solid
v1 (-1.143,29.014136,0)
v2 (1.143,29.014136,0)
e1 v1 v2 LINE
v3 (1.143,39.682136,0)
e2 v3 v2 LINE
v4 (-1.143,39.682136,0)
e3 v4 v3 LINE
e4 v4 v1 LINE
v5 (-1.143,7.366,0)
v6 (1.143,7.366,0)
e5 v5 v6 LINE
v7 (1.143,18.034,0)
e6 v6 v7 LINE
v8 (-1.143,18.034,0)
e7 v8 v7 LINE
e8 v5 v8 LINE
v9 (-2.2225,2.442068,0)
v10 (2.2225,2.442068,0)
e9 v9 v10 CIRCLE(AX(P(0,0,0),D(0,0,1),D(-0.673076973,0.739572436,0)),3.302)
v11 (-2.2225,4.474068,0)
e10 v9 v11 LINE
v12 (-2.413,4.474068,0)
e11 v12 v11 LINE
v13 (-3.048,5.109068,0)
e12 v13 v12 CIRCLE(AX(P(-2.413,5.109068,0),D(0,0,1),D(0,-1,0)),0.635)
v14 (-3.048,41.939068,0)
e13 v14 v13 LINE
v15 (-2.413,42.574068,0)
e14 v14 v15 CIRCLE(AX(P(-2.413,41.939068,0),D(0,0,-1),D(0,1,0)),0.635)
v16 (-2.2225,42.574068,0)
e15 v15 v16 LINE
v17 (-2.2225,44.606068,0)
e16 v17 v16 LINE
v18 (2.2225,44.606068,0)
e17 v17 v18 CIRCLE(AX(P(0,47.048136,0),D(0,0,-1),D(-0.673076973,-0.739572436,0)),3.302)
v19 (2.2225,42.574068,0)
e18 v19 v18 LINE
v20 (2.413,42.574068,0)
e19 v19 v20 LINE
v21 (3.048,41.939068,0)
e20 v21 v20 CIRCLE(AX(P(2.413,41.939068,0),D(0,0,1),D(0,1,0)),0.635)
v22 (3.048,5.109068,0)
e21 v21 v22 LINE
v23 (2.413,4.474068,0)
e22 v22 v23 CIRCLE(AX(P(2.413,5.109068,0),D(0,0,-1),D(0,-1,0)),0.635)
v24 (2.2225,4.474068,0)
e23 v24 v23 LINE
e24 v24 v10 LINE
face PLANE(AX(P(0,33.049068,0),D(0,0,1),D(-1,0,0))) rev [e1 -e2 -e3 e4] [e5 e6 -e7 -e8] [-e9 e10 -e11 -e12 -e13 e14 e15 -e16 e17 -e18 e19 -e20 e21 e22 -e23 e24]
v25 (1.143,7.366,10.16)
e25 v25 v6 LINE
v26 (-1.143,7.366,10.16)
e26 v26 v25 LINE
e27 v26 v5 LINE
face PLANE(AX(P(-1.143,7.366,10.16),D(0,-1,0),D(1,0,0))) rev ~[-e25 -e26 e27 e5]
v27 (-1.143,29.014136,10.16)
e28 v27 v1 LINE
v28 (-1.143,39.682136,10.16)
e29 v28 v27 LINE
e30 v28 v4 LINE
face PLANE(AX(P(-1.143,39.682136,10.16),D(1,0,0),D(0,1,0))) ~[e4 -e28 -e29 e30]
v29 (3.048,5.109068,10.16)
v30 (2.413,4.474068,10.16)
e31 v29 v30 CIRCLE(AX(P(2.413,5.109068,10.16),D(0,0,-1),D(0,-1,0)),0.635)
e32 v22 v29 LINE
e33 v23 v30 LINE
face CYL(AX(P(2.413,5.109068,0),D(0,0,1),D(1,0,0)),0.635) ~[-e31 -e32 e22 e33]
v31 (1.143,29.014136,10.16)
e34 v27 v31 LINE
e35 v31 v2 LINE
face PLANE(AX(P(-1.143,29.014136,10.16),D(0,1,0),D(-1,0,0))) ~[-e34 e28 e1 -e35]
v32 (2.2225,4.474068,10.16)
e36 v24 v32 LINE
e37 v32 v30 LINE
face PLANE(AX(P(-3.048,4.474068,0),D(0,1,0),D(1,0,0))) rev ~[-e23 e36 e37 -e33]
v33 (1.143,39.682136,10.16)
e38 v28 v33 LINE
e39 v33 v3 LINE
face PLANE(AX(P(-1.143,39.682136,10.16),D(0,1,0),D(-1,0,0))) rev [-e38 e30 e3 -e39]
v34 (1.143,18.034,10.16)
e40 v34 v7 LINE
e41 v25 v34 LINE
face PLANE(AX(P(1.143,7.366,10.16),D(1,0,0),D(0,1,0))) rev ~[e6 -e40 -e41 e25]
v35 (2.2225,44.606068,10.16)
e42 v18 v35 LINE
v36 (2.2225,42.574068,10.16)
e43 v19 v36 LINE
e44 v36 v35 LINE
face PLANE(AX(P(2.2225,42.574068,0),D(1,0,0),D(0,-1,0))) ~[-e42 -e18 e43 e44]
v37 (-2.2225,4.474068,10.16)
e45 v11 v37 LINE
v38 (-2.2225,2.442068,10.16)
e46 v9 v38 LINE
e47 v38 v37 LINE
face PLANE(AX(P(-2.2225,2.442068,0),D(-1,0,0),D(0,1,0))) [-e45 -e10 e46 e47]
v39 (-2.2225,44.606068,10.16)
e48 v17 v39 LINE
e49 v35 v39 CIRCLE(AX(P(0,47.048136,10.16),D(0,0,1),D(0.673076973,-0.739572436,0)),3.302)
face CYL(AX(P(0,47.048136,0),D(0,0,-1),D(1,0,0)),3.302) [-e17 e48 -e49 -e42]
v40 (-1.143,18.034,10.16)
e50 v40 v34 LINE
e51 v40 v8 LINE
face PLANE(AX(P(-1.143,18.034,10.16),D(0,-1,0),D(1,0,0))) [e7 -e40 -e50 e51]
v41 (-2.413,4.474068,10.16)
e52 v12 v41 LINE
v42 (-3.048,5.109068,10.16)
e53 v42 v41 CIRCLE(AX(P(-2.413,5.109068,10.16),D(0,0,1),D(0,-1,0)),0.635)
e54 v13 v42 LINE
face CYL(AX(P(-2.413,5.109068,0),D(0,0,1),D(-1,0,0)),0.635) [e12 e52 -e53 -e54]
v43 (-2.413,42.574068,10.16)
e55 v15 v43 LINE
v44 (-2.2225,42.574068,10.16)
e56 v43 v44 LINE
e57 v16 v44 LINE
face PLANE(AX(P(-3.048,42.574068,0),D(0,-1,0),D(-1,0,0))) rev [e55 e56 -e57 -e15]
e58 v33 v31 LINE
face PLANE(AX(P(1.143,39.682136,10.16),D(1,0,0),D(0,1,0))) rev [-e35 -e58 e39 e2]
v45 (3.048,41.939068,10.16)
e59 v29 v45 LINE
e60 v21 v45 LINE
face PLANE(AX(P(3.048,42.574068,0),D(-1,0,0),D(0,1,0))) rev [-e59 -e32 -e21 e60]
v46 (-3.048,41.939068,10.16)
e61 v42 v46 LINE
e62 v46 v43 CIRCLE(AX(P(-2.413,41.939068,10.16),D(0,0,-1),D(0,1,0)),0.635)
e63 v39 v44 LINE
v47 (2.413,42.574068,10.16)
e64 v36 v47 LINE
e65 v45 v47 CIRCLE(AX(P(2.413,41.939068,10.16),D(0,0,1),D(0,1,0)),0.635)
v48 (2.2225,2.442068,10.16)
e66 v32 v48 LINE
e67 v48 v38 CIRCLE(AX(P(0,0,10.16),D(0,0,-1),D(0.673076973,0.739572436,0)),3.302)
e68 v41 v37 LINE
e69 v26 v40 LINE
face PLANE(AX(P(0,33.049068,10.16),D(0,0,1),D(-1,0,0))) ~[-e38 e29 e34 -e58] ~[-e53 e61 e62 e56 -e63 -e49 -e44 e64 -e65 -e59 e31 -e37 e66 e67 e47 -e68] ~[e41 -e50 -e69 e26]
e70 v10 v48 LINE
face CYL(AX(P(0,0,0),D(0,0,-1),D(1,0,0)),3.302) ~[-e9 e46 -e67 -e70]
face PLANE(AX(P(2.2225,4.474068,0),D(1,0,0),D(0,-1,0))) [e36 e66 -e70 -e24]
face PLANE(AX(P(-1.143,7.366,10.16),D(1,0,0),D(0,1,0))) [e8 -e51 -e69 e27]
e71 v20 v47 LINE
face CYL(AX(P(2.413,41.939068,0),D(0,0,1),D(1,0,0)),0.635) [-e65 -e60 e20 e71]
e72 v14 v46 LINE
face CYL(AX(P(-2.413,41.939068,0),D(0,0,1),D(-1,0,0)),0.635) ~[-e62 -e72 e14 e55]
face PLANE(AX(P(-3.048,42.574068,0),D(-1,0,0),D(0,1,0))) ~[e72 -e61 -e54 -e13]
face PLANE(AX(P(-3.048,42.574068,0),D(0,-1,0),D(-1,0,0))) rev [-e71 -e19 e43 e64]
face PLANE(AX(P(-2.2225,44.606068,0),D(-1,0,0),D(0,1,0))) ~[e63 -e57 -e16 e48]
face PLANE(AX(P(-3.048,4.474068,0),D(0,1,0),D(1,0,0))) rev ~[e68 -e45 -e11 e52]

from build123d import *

# Parameters (mm, degrees)
F0_R     = 3.302
F1_DEPTH = 10.16
F3_DEPTH = 10.16
F4_W     = 6.096
F4_H     = 19.05
F5_DEPTH = 10.16
F6_R     = 0.635
F7_W     = 2.286
F7_H     = 10.668
F8_DEPTH = 25.4


with BuildPart() as f1:
    # F0 (on Top) → F1 (new body)
    with BuildSketch(Plane.XY):
        Circle(F0_R)
    extrude(amount=F1_DEPTH)

    # F2 (on face) → F3 (join, through all)
    with BuildSketch(Plane(origin=(0, 0, 0), x_dir=(1, 0, 0), z_dir=(0, 0, -1))):
        with BuildLine():
            ThreePointArc((2.2225, -2.442068), (0, -3.302), (-2.2225, -2.442068))
            Line((-2.2225, -2.442068), (-2.2225, -4.474068))
            Line((-2.2225, -4.474068), (2.2225, -4.474068))
            Line((2.2225, -4.474068), (2.2225, -2.442068))
        make_face()
    extrude(amount=-F3_DEPTH)

    # F4 (on Top) → F5 (join, through all)
    with BuildSketch(Plane.XY):
        with Locations((0, 13.999068)):
            Rectangle(F4_W, F4_H)
    extrude(amount=F5_DEPTH)

    # F6
    f6_edges = [f1.edges().sort_by_distance(p)[0] for p in [
        (3.048, 4.474068, 5.08),
        (-3.048, 4.474068, 5.08),
    ]]
    fillet(f6_edges, radius=F6_R)

    # F7 (on face) → F8 (cut)
    with BuildSketch(Plane.XY.offset(10.16)):
        with Locations((0, 12.7)):
            Rectangle(F7_W, F7_H)
    extrude(amount=-F8_DEPTH, mode=Mode.SUBTRACT)

    # F9: F1 across face


with BuildPart() as f1_1:
    add(f1.part)
    add(f1.part.mirror(Plane(origin=(0, 23.524068, 5.08), x_dir=(-1, 0, 0), z_dir=(0, 1, 0))))


solid = f1_1.part
